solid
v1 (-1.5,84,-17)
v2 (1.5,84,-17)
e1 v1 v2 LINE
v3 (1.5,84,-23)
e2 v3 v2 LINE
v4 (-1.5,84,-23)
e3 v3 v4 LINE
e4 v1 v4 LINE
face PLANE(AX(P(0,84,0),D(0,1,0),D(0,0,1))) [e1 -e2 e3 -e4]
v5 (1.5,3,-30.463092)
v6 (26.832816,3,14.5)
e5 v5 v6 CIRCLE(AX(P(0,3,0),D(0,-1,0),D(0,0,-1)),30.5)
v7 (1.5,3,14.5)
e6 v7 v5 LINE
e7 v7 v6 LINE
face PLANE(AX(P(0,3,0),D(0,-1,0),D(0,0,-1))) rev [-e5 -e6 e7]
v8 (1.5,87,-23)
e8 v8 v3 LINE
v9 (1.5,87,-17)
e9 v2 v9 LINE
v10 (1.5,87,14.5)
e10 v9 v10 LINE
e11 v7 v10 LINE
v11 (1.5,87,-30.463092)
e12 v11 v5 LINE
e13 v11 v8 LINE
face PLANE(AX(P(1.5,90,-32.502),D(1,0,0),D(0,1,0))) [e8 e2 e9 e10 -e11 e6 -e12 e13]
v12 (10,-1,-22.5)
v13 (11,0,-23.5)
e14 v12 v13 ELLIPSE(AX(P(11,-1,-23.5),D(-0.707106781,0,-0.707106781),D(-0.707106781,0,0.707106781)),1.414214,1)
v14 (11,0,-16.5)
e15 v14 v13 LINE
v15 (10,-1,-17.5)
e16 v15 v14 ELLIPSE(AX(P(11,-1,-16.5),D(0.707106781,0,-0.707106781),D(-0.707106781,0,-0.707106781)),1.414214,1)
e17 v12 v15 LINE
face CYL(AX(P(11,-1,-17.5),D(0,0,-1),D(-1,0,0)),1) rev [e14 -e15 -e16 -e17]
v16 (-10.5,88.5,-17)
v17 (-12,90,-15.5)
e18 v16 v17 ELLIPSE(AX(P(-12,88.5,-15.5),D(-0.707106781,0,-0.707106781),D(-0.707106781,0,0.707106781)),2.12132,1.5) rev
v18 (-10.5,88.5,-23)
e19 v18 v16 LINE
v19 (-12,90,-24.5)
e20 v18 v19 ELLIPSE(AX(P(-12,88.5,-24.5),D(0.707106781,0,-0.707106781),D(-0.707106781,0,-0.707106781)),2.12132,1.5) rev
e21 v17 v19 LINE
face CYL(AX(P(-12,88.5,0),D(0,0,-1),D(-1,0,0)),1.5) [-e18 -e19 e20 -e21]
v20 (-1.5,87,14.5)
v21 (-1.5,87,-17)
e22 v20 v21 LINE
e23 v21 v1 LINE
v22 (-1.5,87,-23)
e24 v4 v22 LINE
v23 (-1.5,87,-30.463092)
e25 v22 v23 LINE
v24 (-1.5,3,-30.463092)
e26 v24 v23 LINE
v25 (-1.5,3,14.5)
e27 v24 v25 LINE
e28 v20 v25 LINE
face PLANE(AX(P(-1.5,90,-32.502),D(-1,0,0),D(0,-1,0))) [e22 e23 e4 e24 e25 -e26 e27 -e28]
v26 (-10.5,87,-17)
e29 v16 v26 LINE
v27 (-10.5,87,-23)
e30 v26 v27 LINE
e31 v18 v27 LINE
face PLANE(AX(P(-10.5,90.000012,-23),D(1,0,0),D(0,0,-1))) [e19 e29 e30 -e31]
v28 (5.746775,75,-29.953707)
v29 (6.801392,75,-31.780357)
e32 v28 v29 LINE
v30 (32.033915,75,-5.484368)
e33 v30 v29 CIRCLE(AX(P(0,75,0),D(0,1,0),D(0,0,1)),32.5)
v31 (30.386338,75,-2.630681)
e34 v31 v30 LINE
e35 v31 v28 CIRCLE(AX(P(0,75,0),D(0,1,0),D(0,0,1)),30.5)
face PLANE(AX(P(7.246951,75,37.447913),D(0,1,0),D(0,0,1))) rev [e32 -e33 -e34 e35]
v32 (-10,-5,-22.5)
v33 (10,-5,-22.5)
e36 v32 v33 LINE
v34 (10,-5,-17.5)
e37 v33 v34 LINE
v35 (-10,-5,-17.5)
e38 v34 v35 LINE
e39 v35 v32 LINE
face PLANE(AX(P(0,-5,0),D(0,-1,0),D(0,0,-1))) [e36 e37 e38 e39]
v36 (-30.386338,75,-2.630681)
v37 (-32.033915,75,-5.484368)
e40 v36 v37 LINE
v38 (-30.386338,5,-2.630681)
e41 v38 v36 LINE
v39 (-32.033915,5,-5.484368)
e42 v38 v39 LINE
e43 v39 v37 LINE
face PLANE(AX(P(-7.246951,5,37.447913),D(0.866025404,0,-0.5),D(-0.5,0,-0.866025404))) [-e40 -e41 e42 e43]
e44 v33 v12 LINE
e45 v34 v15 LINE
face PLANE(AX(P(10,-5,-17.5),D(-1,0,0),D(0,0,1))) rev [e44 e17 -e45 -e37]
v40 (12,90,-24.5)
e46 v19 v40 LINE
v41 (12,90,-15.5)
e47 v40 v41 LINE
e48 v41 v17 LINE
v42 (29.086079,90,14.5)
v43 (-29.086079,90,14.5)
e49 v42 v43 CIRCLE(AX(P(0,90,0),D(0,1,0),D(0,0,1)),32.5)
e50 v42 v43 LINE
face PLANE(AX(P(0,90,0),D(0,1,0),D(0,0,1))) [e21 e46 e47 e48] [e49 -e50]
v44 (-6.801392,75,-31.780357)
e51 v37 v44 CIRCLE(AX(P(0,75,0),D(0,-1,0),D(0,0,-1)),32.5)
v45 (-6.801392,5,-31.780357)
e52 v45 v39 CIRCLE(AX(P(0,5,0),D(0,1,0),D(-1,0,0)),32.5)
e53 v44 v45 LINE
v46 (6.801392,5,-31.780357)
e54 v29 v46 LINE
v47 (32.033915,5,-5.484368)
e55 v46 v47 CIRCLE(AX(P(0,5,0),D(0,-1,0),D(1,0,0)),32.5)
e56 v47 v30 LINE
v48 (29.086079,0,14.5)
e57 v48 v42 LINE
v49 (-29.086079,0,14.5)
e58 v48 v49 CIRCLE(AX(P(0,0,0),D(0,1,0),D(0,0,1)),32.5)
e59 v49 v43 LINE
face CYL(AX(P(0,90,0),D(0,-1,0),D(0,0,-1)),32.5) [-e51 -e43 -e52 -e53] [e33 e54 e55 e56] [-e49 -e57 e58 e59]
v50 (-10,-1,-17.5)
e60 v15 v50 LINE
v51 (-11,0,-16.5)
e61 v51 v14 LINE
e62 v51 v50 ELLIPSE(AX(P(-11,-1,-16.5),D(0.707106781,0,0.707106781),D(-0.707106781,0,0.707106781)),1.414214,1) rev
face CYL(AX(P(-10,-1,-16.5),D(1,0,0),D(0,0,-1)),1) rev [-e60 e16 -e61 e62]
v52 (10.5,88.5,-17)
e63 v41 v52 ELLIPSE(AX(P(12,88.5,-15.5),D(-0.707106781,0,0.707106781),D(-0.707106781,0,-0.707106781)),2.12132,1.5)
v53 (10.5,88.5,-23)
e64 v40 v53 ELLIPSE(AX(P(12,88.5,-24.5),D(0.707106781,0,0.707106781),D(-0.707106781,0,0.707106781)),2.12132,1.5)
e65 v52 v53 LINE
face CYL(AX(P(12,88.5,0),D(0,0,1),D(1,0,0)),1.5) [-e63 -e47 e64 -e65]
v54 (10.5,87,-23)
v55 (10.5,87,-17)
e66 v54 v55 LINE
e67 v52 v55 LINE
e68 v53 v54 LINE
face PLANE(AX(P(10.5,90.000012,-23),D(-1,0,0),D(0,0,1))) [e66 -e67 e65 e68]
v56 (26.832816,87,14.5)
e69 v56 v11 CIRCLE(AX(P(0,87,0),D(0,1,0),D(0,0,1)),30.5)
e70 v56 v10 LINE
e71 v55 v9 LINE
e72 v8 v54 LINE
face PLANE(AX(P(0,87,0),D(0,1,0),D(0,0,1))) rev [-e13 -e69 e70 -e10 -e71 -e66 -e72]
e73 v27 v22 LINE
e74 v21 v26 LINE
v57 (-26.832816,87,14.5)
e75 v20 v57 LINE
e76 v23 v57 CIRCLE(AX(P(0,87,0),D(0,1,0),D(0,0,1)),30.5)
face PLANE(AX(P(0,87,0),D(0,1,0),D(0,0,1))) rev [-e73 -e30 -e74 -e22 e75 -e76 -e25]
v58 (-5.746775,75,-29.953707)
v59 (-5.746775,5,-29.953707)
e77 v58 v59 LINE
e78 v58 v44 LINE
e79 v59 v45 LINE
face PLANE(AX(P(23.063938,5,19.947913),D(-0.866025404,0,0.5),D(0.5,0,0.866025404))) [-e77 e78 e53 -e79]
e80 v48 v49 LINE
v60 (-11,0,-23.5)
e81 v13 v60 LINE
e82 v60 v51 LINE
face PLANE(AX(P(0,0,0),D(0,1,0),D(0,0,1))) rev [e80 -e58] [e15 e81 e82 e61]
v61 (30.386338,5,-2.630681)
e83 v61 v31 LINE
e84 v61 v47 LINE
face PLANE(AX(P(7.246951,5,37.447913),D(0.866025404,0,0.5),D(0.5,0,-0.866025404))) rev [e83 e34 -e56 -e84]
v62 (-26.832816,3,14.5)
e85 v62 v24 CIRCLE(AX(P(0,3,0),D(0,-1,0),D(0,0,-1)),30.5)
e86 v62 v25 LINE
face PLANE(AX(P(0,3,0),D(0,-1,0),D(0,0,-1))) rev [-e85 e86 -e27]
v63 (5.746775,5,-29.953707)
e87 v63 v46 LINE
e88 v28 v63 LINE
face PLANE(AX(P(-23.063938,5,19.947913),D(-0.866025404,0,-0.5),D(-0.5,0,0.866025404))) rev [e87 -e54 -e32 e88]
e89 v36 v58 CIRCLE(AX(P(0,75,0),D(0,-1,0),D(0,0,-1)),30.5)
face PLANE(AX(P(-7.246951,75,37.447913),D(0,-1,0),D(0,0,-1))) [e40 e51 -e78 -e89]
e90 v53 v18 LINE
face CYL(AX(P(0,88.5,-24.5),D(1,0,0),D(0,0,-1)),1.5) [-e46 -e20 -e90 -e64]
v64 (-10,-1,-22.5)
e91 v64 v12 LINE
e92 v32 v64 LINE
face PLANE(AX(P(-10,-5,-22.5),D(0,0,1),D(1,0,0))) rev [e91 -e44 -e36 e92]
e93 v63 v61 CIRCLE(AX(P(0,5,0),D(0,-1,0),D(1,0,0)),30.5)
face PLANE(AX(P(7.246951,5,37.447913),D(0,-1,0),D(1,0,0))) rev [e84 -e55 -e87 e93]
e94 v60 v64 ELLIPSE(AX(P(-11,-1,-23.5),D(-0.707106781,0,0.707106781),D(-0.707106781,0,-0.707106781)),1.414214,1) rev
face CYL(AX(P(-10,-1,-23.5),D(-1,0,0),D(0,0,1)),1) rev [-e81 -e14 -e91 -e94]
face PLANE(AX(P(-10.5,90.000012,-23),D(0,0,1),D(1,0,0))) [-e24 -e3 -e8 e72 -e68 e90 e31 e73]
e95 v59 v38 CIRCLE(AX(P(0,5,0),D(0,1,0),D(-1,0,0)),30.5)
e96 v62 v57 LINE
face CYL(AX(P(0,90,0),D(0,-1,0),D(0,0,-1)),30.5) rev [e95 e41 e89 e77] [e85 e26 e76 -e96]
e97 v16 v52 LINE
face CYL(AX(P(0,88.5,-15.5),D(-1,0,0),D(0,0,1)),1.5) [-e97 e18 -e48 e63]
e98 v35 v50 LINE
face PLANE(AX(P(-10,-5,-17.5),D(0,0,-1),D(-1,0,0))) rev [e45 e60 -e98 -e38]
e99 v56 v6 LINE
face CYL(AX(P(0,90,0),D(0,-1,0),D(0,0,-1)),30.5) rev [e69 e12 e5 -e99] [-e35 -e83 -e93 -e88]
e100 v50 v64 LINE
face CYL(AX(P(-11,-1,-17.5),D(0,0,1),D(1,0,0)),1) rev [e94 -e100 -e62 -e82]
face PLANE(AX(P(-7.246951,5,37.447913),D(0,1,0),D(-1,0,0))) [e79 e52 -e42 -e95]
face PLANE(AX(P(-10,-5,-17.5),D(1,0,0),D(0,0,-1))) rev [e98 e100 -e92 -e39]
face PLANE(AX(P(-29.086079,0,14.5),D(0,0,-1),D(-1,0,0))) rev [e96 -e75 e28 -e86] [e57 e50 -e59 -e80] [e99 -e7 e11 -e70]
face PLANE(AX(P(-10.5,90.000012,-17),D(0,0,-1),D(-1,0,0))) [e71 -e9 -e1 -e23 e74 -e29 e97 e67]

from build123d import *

# Parameters (mm, degrees)
SKETCH1_R                       = 32.5
SKETCH1_R_2                     = 30.5
CYLINDER_BULK_EXTRUDE_DEPTH     = 90
TOP_START                       = -3
SKETCH2_R                       = 32.5
TOP_LID_DEPTH                   = 3
SKETCH3_R                       = 32.5
BOTTOM_LID_DEPTH                = 3
REAR_ACCESS_CUT_DEPTH           = 102.056914657
REAR_ACCESS_CUT_DEPTH_BACK      = 102.056914657
SKETCH5_W                       = 58.172158288
SKETCH5_H                       = 18
SKETCH8_W                       = 70
SKETCH8_H                       = 35
WEIGHT_RELIEF_PT1_DEPTH         = 102.056914657
CENTER_STIFFNESS_RIB_REACH      = 108.608
CENTER_STIFFNESS_RIB_END_RADIUS = 30.5
SKETCH6_W                       = 3
SKETCH6_H                       = 90
ALIGNMENT_SLOT_CUT_DEPTH        = 102.056914657
ALIGNMENT_SLOT_CUT_DEPTH_BACK   = 6
SKETCH4_W                       = 21
SKETCH4_H                       = 6
FILLET1_R                       = 1.5
SKETCH9_W                       = 20
SKETCH9_H                       = 5
ALIGNMENT_PEG_DEPTH             = 5
FILLET2_R                       = 1


with BuildPart() as part:
    # Sketch1 → CYLINDER BULK EXTRUDE (new body)
    with BuildSketch(Plane(origin=(0, 0, 0), x_dir=(1, 0, 0), z_dir=(0, 1, 0))):
        with Locations(Location((0, 0, 0), (0, 0, 90))):
            Circle(SKETCH1_R)
        with Locations(Location((0, 0, 0), (0, 0, 90))):
            Circle(SKETCH1_R_2, mode=Mode.SUBTRACT)
    extrude(amount=CYLINDER_BULK_EXTRUDE_DEPTH)

    # Sketch2 → TOP LID (add)
    with BuildSketch(Plane(origin=(0, 90, 0), x_dir=(1, 0, 0), z_dir=(0, 1, 0)).offset(TOP_START)):
        with Locations(Location((0, 0, 0), (0, 0, 90))):
            Circle(SKETCH2_R)
    extrude(amount=TOP_LID_DEPTH)

    # Sketch3 → BOTTOM LID (add)
    with BuildSketch(Plane.XZ):
        with Locations(Location((0, 0, 0), (0, 0, 270))):
            Circle(SKETCH3_R)
    extrude(amount=-BOTTOM_LID_DEPTH)

    # Sketch5 → REAR ACCESS CUT (cut, two sides: drawn at the far end of the back side and taken through both)
    with BuildSketch(Plane(origin=(0, 90, 0), x_dir=(1, 0, 0), z_dir=(0, 1, 0)).offset(-REAR_ACCESS_CUT_DEPTH_BACK)):
        with Locations((0, -23.5)):
            Rectangle(SKETCH5_W, SKETCH5_H)
    extrude(amount=REAR_ACCESS_CUT_DEPTH + REAR_ACCESS_CUT_DEPTH_BACK, mode=Mode.SUBTRACT)

    # Sketch8 → WEIGHT RELIEF PT1 (cut, symmetric)
    with BuildSketch(Plane(origin=(0, 0, 0), x_dir=(0, 1, 0), z_dir=(0.499999999999998, 0, -0.8660254037844398))):
        with Locations((40, 7.5)):
            Rectangle(SKETCH8_W, SKETCH8_H)
    weight_relief_pt1 = extrude(amount=WEIGHT_RELIEF_PT1_DEPTH, both=True, mode=Mode.SUBTRACT)

    # WEIGHT RELIEF PT2: WEIGHT RELIEF PT1 across plane
    add(weight_relief_pt1.mirror(Plane(origin=(0, 0, 0), x_dir=(0, 0, 1), z_dir=(1, 0, 0))), mode=Mode.SUBTRACT)

    # CENTER STIFFNESS RIB: up to this cylinder (the profile starts inside it)
    center_stiffness_rib_end = Plane(origin=(0, 45, 0), z_dir=(0, -1, 0)) * Cylinder(CENTER_STIFFNESS_RIB_END_RADIUS, 279.216, mode=Mode.PRIVATE)
    # Sketch6 → CENTER STIFFNESS RIB (add, up to the surface)
    with BuildSketch(Plane.XY.offset(14.5), mode=Mode.PRIVATE) as center_stiffness_rib_sk1:
        with Locations((0, 45)):
            Rectangle(SKETCH6_W, SKETCH6_H)
    center_stiffness_rib_tool1 = extrude(center_stiffness_rib_sk1.sketch, amount=-CENTER_STIFFNESS_RIB_REACH, mode=Mode.PRIVATE) & center_stiffness_rib_end
    add(center_stiffness_rib_tool1.solids().sort_by_distance((0, 45, 14.5))[0])

    # Sketch4 → ALIGNMENT SLOT CUT (cut, two sides: drawn at the far end of the back side and taken through both)
    with BuildSketch(Plane(origin=(0, 90, 0), x_dir=(1, 0, 0), z_dir=(0, 1, 0)).offset(-ALIGNMENT_SLOT_CUT_DEPTH_BACK)):
        with Locations((0, 20)):
            Rectangle(SKETCH4_W, SKETCH4_H)
    extrude(amount=ALIGNMENT_SLOT_CUT_DEPTH + ALIGNMENT_SLOT_CUT_DEPTH_BACK, mode=Mode.SUBTRACT)

    # Fillet1
    fillet1_edges = [part.edges().sort_by_distance(p)[0] for p in [
        (10.5, 90, -20),
        (-10.5, 90, -20),
        (0, 90, -17),
        (0, 90, -23),
    ]]
    fillet(fillet1_edges, radius=FILLET1_R)

    # Sketch9 → ALIGNMENT PEG (add)
    with BuildSketch(Plane.XZ):
        with Locations((0, -20)):
            Rectangle(SKETCH9_W, SKETCH9_H)
    extrude(amount=ALIGNMENT_PEG_DEPTH)

    # Fillet2
    fillet2_edges = [part.edges().sort_by_distance(p)[0] for p in [
        (-10, 0, -20),
        (0, 0, -22.5),
        (10, 0, -20),
        (0, 0, -17.5),
    ]]
    fillet(fillet2_edges, radius=FILLET2_R)


solid = part.part
